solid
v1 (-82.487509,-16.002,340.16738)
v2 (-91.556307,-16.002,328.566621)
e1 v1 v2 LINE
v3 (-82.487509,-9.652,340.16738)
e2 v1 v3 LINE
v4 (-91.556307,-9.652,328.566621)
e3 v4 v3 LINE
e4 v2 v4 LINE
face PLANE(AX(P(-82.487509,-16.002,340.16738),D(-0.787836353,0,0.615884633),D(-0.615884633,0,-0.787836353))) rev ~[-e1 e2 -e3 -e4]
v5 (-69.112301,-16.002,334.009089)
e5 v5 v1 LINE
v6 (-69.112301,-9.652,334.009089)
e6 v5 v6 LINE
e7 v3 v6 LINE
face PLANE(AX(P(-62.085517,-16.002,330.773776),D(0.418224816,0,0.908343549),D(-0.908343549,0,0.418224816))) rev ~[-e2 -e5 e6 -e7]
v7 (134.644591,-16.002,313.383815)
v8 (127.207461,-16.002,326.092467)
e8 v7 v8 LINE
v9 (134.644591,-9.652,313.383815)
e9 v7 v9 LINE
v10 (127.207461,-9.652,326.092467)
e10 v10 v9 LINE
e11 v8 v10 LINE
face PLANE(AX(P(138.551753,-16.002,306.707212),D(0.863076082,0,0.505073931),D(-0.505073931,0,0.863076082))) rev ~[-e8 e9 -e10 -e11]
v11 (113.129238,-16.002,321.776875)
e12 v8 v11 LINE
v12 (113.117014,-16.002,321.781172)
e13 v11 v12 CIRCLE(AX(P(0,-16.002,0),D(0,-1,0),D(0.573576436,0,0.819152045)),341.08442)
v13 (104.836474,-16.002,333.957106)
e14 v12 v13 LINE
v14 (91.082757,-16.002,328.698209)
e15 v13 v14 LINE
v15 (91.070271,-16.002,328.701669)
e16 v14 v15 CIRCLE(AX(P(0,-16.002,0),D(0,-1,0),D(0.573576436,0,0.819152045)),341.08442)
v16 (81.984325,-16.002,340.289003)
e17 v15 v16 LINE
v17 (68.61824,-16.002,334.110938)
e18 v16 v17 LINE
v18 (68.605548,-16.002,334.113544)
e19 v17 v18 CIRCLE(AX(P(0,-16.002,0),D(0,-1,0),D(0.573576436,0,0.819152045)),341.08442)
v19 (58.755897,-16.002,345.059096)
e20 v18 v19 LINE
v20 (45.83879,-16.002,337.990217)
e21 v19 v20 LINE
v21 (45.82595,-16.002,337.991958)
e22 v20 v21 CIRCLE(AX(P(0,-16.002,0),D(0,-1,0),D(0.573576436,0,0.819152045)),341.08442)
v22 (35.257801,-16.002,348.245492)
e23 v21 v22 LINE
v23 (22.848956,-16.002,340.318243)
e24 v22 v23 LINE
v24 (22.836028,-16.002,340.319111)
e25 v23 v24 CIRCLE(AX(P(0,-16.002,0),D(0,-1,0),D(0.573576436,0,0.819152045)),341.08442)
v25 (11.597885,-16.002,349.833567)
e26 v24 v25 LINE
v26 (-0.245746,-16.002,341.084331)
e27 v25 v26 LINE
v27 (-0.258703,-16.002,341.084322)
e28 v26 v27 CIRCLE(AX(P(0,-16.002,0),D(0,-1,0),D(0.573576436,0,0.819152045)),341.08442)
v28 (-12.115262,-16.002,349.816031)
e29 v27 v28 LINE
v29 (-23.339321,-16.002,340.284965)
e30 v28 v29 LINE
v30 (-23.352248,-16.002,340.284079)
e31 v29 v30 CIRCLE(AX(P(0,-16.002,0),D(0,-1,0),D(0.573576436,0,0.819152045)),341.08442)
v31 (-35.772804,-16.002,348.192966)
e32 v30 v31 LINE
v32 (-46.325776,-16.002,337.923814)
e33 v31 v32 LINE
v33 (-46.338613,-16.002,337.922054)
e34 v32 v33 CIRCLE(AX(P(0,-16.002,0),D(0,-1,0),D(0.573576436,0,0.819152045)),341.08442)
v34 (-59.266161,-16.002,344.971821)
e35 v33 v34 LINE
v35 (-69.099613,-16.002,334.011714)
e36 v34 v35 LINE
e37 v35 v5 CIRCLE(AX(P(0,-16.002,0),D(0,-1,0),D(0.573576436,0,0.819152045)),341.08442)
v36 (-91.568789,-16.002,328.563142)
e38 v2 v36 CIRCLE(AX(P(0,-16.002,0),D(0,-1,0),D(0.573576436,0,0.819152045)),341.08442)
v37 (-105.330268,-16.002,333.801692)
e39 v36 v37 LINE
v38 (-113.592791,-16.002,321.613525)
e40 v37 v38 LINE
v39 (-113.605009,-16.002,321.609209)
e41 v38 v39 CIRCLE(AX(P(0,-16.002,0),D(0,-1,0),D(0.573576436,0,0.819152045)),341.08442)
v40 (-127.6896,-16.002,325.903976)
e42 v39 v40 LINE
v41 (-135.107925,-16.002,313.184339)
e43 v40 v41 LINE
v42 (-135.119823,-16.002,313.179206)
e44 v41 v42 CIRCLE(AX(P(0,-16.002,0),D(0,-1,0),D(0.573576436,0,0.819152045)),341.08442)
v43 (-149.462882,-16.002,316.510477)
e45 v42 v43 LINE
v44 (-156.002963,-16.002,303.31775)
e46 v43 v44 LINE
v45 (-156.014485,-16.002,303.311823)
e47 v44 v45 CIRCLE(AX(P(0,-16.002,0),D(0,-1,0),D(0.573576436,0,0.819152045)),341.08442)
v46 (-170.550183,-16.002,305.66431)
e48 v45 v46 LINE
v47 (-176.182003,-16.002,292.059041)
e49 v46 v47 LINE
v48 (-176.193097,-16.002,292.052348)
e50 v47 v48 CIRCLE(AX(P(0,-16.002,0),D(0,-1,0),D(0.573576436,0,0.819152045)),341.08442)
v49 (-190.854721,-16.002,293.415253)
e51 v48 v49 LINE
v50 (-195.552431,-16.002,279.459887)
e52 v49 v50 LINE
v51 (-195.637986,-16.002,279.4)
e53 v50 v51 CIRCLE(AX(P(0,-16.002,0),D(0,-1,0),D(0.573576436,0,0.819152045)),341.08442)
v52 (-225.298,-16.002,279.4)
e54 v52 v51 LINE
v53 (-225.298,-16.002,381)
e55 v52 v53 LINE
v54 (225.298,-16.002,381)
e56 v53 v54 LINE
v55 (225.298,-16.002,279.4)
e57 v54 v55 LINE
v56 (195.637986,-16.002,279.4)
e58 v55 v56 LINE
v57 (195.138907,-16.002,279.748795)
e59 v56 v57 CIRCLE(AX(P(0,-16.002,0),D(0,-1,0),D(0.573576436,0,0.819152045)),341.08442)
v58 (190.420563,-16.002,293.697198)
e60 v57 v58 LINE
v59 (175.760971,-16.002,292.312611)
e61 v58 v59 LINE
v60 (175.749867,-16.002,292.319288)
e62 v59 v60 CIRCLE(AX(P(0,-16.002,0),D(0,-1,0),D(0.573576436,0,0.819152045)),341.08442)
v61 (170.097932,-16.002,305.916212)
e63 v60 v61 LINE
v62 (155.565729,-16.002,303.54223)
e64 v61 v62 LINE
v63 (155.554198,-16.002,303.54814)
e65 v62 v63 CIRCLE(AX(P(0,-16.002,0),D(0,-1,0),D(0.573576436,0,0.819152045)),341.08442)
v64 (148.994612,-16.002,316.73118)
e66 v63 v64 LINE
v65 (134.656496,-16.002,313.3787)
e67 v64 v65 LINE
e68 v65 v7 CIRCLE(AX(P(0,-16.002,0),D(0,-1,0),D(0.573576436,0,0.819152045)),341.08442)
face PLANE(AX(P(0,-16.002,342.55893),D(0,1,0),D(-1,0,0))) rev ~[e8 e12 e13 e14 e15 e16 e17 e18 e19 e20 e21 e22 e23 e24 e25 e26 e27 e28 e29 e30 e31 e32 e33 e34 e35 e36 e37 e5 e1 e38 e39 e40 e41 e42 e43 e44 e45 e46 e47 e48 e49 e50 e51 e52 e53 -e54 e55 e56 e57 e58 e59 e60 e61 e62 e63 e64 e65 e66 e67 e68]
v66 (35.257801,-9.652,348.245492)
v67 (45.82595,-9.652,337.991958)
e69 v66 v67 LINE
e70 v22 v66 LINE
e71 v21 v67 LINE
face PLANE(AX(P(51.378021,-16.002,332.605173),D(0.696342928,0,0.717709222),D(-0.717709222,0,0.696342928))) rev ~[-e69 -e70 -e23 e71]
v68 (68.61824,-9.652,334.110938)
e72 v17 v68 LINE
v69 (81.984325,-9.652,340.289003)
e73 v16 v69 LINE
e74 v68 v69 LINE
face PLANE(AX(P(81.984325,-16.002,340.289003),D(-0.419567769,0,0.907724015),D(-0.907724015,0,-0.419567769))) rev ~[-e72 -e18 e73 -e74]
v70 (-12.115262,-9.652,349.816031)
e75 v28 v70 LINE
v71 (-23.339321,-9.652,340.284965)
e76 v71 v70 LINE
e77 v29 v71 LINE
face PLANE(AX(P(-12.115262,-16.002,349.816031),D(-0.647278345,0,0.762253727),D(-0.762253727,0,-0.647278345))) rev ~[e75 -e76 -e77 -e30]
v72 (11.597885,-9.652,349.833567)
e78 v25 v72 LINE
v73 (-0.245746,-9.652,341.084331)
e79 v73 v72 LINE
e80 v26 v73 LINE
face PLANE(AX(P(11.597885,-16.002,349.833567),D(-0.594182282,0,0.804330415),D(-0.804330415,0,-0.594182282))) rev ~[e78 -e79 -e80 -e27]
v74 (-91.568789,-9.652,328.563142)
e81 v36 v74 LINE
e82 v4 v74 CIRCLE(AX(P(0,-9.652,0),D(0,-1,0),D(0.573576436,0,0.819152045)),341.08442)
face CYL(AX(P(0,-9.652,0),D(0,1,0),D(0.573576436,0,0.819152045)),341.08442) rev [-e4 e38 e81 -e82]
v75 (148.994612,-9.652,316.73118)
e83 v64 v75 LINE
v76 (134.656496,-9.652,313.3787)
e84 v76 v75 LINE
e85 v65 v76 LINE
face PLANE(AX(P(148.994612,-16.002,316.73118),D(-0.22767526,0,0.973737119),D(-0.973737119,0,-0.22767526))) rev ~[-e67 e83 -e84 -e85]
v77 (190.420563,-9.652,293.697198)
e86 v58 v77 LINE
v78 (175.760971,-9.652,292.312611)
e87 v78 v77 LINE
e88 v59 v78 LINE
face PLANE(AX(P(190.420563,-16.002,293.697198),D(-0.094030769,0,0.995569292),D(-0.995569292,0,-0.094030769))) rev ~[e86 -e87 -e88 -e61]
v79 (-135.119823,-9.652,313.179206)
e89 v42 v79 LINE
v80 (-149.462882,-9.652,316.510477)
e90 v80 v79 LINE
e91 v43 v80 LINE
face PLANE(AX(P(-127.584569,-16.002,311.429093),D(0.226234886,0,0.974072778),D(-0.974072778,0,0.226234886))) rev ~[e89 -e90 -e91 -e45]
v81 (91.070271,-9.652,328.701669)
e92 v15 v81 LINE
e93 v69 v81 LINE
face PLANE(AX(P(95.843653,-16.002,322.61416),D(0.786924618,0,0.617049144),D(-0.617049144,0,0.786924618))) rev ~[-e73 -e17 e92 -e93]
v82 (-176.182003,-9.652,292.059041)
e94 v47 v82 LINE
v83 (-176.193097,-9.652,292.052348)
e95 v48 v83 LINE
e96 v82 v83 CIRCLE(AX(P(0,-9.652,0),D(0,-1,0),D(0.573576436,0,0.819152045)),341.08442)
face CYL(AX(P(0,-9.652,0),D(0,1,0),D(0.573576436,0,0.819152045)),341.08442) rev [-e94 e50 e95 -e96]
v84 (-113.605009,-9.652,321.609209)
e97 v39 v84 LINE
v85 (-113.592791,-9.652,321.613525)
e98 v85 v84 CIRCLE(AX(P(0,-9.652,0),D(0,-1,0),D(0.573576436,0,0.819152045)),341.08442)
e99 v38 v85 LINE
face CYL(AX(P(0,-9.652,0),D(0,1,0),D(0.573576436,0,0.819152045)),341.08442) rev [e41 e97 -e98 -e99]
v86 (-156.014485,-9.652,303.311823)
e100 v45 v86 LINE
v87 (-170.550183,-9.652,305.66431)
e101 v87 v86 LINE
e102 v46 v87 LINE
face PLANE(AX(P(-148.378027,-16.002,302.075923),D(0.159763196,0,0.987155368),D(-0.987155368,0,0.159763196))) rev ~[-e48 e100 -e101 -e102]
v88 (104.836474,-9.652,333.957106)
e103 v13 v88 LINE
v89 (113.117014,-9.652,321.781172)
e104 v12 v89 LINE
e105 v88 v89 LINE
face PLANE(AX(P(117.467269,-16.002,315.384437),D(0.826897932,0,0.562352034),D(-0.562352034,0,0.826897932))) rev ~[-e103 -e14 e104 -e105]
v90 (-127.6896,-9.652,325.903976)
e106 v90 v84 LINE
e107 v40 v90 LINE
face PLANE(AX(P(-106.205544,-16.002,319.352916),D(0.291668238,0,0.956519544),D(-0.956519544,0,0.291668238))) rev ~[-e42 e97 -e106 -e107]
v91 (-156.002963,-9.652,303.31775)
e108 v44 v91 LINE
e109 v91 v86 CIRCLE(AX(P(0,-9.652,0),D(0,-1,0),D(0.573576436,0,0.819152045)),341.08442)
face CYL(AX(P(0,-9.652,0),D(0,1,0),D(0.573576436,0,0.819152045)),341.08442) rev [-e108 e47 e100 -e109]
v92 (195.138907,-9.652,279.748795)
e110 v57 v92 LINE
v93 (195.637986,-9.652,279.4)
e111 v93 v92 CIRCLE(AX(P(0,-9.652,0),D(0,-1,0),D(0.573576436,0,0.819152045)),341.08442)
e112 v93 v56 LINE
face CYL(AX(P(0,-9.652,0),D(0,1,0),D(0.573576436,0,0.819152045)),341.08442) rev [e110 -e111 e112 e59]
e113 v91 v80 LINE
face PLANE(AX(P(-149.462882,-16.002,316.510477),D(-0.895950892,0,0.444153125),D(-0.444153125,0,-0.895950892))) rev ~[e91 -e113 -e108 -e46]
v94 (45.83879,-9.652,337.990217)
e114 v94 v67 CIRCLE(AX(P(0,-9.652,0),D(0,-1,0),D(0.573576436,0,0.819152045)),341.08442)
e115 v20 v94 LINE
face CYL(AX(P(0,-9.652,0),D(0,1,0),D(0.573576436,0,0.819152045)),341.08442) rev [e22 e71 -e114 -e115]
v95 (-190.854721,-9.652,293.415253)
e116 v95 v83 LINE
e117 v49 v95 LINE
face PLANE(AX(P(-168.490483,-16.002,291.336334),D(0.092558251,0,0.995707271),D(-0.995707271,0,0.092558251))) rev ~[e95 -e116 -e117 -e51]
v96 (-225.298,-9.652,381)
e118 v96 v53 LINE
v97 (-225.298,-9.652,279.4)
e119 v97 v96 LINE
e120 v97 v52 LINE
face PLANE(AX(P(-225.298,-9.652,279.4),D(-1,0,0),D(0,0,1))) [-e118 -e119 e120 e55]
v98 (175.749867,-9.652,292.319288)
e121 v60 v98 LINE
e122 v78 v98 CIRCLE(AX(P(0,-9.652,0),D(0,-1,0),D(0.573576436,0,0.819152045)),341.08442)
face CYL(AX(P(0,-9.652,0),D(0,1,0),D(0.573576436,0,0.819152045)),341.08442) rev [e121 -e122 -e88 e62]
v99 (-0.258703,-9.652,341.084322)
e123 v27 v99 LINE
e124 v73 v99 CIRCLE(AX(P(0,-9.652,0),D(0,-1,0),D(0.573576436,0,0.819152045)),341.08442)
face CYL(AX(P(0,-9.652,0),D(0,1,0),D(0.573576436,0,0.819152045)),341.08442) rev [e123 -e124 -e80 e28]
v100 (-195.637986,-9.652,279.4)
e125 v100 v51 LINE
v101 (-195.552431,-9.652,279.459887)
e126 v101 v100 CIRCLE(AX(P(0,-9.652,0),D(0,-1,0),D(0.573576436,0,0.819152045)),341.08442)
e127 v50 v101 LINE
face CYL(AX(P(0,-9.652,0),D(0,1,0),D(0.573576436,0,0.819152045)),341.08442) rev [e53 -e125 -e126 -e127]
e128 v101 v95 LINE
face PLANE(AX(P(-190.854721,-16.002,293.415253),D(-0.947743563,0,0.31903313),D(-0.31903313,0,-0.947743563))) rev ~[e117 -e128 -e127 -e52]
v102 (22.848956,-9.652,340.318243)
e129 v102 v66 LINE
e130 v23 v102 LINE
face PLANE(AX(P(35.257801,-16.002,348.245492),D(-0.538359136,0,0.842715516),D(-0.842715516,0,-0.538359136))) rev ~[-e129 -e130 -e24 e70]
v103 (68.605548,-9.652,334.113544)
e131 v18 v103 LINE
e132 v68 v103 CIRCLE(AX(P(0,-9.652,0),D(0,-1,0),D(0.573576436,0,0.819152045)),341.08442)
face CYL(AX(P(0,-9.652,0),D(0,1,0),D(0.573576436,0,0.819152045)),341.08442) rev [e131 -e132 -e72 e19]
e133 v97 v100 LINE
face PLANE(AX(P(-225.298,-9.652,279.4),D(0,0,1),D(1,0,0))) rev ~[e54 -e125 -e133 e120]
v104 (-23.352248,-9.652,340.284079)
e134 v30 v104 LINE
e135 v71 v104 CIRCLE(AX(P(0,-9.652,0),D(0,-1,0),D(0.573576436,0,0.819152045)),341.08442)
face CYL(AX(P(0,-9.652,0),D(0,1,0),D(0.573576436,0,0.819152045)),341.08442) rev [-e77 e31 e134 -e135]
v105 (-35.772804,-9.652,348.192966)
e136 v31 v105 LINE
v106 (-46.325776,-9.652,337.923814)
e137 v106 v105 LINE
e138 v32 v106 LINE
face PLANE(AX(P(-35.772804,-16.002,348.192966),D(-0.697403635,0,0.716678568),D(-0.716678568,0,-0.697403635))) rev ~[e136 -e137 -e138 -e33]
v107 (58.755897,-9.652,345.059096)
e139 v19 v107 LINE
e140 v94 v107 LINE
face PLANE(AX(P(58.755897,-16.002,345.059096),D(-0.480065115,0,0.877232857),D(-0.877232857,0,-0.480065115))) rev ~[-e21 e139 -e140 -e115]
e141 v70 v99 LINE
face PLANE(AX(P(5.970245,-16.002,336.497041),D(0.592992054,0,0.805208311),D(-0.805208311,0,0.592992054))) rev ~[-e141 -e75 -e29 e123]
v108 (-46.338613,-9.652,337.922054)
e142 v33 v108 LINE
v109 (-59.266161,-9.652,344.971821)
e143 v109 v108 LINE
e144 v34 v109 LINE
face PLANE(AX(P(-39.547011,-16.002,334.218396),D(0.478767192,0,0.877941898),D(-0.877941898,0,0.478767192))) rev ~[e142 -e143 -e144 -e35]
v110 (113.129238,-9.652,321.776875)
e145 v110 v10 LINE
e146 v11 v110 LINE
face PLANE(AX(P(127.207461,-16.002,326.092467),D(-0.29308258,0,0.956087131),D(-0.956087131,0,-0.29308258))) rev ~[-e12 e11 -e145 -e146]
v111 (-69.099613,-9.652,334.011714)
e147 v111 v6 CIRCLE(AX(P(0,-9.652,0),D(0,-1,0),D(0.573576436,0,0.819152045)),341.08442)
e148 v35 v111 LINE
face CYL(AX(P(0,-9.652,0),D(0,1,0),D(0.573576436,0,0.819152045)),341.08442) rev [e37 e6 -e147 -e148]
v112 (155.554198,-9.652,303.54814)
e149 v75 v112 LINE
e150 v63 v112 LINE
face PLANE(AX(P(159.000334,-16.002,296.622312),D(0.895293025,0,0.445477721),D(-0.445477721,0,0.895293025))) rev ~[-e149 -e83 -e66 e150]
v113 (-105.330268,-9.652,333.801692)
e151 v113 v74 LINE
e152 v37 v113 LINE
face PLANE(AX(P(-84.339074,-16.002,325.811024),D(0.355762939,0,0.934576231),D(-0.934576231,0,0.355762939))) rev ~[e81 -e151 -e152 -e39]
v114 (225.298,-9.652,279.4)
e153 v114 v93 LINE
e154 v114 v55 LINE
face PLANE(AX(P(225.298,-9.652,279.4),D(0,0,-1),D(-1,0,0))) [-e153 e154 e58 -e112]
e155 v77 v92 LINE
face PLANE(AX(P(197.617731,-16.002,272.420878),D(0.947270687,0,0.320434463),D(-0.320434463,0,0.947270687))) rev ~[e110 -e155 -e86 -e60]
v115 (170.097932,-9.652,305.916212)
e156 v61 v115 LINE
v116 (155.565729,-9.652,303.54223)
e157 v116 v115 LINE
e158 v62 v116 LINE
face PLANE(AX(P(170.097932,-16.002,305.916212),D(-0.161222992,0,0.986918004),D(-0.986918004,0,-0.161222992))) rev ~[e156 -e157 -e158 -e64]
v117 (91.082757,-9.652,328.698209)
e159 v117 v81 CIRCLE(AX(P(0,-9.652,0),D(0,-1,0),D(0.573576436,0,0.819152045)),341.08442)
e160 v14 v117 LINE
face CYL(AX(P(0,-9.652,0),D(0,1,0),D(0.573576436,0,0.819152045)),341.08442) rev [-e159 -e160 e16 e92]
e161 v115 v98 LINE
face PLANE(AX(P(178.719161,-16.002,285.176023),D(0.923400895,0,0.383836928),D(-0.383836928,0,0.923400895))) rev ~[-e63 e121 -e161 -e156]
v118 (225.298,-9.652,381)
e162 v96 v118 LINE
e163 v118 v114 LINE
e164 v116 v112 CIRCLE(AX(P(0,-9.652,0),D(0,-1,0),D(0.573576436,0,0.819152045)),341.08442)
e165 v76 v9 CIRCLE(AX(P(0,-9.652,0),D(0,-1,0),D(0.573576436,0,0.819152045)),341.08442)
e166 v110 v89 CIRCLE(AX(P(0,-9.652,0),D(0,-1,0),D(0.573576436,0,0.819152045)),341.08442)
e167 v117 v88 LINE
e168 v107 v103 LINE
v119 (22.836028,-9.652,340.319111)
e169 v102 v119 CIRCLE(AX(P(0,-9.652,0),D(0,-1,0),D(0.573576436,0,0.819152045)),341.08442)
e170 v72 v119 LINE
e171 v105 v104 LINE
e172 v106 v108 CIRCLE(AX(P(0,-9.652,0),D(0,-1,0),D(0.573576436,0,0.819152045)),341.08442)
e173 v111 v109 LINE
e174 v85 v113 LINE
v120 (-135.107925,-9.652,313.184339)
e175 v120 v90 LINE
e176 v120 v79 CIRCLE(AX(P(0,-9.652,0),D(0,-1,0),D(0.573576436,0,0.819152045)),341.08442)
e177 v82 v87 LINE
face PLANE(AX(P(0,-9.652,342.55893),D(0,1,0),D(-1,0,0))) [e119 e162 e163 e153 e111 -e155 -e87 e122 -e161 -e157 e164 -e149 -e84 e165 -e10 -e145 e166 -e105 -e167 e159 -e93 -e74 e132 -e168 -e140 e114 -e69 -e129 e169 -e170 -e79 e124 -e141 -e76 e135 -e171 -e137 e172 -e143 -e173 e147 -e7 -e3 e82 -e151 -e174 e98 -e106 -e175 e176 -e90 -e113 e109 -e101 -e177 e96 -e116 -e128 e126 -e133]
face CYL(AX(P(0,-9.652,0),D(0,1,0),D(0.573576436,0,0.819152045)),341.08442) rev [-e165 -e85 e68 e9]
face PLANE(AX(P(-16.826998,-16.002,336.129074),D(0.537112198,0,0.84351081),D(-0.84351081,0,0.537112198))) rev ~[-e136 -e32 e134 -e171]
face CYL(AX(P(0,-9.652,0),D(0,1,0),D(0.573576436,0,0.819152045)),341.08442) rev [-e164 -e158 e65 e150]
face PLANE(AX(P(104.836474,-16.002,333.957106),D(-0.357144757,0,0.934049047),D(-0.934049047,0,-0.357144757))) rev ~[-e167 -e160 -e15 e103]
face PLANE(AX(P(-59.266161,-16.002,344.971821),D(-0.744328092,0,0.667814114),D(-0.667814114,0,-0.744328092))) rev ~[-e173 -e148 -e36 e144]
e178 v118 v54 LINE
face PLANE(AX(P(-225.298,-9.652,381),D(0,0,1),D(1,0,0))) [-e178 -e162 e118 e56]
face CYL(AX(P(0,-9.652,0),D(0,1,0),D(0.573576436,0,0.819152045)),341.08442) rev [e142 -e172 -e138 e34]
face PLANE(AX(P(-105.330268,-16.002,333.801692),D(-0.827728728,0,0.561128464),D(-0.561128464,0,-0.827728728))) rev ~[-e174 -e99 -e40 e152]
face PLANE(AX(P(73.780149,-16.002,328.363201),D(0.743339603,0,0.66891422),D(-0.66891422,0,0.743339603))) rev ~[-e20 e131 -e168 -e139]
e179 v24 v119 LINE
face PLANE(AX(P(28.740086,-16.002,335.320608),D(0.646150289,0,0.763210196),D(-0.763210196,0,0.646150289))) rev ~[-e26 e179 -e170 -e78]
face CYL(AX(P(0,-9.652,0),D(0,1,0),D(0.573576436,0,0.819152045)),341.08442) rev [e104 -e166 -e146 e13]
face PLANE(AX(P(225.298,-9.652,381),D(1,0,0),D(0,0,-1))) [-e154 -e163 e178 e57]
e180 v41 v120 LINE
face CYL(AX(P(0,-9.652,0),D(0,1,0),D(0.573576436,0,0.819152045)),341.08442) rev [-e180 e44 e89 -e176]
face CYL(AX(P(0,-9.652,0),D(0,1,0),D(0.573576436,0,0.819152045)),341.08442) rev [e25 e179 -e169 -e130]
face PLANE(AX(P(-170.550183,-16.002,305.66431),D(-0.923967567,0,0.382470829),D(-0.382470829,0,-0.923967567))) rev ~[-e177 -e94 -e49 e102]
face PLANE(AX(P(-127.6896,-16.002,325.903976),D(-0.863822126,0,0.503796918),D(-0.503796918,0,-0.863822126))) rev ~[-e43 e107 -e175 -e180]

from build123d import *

# Parameters (mm, degrees)
PAD_DEPTH          = 6.35
POCKET_DEPTH       = 930.254973
POLARPATTERN_COUNT = 18
POLARPATTERN_ANGLE = 66


with BuildPart() as part:
    # Sketch001 → Pad (new body)
    with BuildSketch(Plane.XZ.offset(9.652)):
        with BuildLine():
            Line((-225.298, 381), (225.298, 381))
            Line((225.298, 381), (225.298, 279.4))
            Line((225.298, 279.4), (195.637986, 279.4))
            ThreePointArc((195.637986, 279.4), (0, 341.08442), (-195.637986, 279.4))
            Line((-225.298, 279.4), (-195.637986, 279.4))
            Line((-225.298, 279.4), (-225.298, 381))
        make_face()
    extrude(amount=PAD_DEPTH)

    # Sketch002 (on Face8 of Pad) → Pocket (cut, through all)
    with BuildSketch(Plane.XZ.offset(16.002)):
        with BuildLine():
            Line((-168.490483, 291.336334), (-190.854721, 293.415253))
            Line((-190.854721, 293.415253), (-198.020414, 272.128312))
            ThreePointArc((-168.490483, 291.336334), (-183.506939, 282.118957), (-198.020414, 272.128312))
        make_face()
    pocket = extrude(amount=-POCKET_DEPTH, mode=Mode.SUBTRACT)

    # PolarPattern: Pocket ×18 about axis
    polarpattern_axis = Axis((0, 0, 0), (0, 1, 0))
    for i in range(1, POLARPATTERN_COUNT):
        add(pocket.rotate(polarpattern_axis, i * POLARPATTERN_ANGLE / (POLARPATTERN_COUNT - 1)), mode=Mode.SUBTRACT)


solid = part.part
